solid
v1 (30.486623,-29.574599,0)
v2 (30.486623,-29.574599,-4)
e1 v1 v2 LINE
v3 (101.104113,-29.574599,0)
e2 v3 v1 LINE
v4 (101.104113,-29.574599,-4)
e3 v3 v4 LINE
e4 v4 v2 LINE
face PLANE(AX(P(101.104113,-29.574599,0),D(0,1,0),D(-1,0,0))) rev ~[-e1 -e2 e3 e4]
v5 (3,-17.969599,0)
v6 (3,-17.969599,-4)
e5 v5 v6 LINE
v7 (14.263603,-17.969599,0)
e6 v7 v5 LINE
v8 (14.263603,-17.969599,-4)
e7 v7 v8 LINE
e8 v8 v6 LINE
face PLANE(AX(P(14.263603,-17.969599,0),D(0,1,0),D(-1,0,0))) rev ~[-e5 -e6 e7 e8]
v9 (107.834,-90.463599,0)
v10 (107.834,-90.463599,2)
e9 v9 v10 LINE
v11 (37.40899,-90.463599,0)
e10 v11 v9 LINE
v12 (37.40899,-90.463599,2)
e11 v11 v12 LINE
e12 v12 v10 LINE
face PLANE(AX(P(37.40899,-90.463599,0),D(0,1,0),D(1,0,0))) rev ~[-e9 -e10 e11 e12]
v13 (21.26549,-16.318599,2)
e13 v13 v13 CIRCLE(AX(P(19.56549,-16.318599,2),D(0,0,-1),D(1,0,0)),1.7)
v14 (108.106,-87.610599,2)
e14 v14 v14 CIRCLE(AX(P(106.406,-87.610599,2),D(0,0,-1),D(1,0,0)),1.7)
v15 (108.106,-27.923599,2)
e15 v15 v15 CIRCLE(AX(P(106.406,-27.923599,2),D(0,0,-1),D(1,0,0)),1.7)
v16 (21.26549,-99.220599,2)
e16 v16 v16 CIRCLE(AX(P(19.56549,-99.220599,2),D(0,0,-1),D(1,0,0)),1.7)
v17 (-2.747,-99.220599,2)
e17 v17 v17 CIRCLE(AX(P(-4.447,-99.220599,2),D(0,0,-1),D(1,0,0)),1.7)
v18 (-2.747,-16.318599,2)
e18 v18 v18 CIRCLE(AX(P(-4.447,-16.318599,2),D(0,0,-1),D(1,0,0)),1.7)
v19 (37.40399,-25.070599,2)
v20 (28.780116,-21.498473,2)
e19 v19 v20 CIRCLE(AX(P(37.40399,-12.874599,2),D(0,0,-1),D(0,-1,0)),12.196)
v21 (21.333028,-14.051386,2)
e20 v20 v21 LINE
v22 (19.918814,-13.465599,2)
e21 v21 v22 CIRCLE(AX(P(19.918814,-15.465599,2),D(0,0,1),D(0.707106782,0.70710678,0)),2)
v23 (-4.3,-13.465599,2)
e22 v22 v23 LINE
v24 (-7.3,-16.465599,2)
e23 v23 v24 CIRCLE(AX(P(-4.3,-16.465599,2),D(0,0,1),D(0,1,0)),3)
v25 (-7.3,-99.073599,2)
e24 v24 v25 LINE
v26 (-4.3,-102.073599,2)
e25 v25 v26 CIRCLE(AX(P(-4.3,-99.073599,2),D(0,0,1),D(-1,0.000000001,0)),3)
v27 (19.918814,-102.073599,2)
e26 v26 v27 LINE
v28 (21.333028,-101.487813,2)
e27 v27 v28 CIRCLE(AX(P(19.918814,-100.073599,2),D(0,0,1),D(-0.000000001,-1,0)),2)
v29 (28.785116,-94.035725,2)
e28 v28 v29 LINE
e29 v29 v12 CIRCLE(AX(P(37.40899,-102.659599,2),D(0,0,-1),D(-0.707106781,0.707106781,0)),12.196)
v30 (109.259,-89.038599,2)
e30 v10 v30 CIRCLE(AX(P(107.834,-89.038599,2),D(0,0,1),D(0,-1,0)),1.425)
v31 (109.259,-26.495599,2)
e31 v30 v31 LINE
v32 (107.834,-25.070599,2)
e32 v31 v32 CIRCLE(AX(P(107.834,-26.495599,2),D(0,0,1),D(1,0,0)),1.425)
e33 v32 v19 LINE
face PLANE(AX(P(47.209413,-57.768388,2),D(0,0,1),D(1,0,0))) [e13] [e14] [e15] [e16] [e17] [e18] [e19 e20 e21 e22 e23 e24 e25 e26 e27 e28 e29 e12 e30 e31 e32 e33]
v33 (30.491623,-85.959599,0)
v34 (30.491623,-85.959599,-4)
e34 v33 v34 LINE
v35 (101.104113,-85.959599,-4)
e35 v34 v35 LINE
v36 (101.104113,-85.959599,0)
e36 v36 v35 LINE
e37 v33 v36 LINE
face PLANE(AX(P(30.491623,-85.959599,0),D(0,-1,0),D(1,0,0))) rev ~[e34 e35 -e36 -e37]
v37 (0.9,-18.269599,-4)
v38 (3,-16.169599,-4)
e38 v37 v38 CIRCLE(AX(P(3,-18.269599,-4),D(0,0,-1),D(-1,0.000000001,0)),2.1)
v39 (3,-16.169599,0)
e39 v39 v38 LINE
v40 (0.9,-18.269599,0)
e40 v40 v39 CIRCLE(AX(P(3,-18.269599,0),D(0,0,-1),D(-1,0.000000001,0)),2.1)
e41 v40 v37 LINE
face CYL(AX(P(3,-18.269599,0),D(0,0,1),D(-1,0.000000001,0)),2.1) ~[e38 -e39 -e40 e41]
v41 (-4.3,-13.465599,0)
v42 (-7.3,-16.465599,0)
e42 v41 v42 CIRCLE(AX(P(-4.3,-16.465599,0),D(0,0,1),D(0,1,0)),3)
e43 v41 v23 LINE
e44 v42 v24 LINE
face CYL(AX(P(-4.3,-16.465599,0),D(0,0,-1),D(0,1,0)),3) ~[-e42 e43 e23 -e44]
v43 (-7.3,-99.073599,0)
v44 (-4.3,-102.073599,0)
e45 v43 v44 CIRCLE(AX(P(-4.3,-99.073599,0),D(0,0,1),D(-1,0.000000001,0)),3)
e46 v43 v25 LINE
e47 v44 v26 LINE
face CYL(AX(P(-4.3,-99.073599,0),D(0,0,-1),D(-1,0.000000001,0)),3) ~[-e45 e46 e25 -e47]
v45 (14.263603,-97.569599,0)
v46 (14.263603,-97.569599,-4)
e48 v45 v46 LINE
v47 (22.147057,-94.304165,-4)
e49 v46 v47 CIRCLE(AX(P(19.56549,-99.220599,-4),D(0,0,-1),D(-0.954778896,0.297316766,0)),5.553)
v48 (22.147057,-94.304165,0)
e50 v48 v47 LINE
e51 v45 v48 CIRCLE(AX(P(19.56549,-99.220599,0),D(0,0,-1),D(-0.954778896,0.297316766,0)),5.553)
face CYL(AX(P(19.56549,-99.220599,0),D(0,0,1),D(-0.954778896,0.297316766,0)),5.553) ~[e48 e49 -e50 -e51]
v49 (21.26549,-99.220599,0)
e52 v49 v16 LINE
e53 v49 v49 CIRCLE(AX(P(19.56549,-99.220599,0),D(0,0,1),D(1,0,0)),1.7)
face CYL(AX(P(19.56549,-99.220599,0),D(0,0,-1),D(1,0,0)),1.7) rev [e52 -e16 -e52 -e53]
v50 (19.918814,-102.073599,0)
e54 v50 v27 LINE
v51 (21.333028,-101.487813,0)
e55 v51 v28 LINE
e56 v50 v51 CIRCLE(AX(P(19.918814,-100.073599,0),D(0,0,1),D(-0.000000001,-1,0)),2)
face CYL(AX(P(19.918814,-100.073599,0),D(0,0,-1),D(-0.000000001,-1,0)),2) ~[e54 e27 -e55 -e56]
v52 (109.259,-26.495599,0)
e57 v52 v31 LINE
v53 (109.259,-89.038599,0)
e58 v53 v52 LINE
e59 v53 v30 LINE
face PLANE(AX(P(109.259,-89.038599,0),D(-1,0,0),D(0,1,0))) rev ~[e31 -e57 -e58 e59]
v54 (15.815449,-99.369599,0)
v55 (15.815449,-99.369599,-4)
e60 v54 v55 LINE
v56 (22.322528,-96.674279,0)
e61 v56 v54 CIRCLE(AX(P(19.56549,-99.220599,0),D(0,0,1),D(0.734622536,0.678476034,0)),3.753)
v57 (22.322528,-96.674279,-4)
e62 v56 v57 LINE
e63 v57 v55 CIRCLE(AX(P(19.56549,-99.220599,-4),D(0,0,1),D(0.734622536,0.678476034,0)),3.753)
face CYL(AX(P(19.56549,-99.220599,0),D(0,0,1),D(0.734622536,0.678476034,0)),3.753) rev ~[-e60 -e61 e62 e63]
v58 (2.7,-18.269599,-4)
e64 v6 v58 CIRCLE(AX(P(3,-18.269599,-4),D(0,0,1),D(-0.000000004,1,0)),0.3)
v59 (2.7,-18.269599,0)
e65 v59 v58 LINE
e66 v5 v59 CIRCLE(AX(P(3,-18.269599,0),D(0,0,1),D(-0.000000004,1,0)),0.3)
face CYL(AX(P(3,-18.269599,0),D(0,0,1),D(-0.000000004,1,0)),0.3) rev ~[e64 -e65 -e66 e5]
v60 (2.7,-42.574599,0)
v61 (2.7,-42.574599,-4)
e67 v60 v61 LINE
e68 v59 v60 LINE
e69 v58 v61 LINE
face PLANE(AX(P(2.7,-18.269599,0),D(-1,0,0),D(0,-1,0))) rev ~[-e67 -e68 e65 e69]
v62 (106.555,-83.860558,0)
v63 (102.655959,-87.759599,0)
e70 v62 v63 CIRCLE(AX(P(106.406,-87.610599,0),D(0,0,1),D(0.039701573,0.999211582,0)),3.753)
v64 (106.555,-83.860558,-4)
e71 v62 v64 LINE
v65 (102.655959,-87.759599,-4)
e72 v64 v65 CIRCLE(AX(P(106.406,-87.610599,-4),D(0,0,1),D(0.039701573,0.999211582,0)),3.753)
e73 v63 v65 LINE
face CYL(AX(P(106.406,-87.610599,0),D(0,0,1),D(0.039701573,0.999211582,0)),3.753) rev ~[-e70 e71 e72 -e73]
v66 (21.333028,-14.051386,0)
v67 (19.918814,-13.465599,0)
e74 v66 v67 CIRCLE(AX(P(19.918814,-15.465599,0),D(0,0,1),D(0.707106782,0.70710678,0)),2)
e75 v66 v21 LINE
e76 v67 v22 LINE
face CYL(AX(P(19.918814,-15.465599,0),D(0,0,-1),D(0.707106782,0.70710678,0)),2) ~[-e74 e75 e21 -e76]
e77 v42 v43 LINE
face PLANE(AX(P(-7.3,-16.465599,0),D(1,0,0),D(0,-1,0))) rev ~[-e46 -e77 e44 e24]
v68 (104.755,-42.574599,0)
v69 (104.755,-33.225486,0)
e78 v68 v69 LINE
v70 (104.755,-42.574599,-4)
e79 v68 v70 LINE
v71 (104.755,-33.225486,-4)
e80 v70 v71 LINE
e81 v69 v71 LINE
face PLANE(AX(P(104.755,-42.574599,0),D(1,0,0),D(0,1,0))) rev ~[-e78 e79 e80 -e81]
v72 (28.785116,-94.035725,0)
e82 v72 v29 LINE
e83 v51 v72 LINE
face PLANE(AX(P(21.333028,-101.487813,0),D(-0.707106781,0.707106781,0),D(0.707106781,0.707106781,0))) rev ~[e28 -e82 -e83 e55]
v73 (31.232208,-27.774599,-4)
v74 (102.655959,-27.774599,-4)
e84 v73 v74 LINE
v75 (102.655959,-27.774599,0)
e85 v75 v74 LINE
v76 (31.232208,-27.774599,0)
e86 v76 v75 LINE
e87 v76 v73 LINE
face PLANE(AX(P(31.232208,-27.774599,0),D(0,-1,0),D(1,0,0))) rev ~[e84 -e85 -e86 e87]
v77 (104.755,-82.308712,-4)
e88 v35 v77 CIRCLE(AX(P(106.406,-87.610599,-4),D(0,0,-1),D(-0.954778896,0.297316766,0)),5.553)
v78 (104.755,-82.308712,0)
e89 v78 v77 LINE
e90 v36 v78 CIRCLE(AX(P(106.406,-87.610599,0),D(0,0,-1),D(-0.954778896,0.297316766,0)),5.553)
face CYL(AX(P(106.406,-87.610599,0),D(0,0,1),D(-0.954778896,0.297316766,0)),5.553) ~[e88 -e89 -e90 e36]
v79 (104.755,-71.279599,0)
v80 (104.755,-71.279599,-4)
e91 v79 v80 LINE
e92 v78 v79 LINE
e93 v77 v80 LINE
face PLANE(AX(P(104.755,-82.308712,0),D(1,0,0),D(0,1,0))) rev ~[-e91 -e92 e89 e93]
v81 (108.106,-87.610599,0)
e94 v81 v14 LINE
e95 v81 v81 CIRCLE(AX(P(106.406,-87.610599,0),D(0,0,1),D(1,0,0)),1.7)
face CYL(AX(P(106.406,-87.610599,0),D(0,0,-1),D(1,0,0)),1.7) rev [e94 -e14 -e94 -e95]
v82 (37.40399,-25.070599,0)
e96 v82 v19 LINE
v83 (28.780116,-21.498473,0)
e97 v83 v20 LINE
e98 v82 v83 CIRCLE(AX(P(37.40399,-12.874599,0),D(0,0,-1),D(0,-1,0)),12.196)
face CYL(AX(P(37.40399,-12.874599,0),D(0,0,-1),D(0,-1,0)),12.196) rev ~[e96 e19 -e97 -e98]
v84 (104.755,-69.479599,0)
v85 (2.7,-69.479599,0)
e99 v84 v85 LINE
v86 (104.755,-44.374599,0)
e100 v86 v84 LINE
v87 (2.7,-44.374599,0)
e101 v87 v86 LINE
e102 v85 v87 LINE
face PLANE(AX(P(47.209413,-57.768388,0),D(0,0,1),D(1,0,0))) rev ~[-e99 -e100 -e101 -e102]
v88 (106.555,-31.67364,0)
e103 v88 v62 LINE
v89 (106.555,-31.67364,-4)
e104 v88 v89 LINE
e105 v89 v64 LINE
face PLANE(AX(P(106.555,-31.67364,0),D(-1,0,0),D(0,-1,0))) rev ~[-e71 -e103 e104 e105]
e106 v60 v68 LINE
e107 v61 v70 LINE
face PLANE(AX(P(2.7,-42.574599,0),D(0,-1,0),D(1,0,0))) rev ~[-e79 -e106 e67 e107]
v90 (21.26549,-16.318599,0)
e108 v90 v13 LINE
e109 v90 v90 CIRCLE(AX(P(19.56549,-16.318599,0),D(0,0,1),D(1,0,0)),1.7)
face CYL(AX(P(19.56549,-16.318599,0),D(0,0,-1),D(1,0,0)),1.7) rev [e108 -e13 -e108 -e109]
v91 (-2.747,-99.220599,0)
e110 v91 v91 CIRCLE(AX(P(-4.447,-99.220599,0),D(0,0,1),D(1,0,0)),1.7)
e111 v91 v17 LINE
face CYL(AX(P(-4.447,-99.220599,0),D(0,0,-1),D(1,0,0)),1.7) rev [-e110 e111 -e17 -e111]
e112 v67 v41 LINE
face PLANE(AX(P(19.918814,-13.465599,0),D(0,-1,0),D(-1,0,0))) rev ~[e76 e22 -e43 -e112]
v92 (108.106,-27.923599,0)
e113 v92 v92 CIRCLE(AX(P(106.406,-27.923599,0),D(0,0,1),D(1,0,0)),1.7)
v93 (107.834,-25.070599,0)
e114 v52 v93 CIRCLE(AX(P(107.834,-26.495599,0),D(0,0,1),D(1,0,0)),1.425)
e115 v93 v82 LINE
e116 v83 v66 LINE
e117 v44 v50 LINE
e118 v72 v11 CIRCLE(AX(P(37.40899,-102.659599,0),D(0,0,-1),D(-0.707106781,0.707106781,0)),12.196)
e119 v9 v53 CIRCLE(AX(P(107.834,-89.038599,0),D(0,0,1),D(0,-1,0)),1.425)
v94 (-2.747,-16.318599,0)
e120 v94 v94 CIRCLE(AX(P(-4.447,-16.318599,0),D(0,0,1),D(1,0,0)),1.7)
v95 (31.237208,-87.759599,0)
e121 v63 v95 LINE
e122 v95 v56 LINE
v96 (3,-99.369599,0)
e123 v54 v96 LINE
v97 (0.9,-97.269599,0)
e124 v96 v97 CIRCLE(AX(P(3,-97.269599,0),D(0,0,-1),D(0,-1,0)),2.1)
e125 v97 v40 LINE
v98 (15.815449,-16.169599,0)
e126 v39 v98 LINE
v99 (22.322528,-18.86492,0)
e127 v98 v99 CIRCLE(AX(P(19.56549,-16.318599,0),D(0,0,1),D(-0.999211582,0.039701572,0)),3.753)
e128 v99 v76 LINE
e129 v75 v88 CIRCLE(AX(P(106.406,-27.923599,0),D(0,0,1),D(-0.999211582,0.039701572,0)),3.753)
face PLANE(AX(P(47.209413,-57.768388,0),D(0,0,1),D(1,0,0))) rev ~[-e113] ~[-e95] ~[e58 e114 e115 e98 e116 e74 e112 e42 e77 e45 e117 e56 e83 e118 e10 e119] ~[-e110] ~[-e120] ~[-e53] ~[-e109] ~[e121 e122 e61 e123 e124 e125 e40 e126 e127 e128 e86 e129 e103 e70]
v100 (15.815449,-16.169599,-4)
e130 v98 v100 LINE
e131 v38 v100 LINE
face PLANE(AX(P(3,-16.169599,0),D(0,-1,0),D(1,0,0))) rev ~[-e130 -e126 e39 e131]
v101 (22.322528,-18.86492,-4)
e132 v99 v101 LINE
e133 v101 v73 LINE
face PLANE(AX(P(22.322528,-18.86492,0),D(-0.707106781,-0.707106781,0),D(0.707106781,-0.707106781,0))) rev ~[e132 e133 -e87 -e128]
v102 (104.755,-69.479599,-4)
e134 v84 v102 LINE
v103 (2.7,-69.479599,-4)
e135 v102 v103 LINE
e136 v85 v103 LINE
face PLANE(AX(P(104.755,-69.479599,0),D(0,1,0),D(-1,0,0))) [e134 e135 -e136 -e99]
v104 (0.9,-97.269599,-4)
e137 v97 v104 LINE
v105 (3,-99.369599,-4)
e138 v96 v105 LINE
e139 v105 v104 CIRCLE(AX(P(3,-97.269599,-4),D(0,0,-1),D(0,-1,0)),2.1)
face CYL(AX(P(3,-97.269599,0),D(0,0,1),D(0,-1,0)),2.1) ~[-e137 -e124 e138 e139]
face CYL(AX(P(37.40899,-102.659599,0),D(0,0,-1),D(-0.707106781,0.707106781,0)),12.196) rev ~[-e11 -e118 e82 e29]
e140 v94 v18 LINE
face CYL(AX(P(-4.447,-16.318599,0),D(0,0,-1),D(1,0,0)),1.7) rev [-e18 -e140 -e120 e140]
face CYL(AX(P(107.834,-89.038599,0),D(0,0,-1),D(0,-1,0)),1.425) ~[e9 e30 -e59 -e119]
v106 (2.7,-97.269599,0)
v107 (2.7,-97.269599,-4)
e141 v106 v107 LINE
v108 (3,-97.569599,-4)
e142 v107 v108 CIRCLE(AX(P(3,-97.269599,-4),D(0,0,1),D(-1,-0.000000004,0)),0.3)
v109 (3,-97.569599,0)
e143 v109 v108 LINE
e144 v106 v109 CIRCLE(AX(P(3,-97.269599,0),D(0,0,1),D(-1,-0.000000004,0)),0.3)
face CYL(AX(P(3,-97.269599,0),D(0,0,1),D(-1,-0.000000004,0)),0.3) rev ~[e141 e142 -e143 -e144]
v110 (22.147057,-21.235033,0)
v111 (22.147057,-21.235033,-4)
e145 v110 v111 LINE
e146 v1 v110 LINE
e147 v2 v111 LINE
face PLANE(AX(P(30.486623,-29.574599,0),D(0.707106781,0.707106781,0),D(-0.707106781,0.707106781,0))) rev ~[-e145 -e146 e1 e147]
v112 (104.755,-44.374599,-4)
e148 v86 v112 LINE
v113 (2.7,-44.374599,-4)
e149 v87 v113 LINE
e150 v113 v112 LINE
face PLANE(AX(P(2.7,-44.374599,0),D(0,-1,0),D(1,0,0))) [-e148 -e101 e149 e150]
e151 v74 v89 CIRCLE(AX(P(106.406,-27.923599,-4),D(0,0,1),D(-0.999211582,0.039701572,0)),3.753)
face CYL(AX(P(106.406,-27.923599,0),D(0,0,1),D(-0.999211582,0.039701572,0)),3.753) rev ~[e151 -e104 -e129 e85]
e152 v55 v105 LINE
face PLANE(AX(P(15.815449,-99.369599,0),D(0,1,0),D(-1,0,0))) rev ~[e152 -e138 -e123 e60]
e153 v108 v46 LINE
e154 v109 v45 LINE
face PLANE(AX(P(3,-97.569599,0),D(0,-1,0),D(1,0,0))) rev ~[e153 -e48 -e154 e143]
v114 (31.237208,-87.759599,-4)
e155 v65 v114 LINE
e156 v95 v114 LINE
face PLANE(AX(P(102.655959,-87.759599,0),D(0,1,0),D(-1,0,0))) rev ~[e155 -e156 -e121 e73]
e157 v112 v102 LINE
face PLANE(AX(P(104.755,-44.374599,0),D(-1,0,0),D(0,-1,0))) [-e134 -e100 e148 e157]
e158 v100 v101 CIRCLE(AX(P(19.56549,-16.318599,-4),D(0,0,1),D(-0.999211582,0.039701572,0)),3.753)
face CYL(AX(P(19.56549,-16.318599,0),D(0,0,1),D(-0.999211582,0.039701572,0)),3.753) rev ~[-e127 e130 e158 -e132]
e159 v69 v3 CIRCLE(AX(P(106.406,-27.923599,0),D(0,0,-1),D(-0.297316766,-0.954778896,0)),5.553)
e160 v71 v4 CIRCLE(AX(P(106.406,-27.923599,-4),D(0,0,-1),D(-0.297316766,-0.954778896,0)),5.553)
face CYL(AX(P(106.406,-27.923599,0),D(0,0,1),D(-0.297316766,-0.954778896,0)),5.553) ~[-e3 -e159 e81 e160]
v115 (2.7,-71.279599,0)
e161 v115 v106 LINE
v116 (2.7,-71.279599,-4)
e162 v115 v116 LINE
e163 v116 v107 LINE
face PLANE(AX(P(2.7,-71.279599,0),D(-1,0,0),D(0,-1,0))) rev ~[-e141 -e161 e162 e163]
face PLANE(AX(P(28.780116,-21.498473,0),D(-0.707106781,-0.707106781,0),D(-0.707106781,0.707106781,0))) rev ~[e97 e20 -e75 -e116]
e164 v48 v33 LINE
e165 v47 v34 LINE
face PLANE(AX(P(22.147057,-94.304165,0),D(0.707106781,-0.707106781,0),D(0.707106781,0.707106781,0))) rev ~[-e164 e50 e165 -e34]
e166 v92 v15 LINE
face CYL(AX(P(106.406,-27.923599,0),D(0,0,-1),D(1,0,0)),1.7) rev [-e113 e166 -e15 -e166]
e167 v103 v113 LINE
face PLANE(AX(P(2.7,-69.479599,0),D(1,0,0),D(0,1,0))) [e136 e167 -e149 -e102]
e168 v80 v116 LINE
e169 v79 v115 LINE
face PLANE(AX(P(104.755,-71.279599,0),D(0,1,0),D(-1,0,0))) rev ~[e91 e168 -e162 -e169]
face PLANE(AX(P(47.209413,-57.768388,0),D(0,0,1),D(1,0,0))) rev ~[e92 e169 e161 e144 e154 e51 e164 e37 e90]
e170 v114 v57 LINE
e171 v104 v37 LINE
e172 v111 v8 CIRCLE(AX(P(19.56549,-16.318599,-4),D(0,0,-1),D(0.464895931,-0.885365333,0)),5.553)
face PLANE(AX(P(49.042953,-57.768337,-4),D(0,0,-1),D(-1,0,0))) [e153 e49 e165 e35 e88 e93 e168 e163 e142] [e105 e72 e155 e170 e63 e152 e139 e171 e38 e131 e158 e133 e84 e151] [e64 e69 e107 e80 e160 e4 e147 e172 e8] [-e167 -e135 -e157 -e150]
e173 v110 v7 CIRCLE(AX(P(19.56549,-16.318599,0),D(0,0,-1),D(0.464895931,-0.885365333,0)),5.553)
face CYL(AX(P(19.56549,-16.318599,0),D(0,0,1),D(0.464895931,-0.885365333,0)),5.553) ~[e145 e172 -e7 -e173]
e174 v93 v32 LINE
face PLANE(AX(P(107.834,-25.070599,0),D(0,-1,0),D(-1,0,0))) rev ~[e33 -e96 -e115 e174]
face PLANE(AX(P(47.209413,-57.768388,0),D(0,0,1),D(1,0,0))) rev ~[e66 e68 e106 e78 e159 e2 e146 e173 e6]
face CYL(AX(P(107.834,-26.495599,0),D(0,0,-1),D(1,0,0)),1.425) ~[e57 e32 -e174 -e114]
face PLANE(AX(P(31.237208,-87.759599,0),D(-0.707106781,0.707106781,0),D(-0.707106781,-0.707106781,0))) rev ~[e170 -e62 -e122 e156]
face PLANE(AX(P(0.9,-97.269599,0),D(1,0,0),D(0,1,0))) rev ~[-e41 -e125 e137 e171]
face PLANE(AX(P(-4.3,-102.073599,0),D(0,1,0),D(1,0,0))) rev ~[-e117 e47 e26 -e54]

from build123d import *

# Parameters (mm, degrees)
BOSS_EXTRUDE1_DEPTH = 2
BOSS_EXTRUDE2_DEPTH = 4
SKETCH1_4_R         = 1.7
CUT_EXTRUDE1_DEPTH  = 10


with BuildPart() as part:
    # Sketch1 → Boss-Extrude1 (new body)
    with BuildSketch(Plane.XY):
        with BuildLine():
            Line((28.78011557, -21.498473491), (21.333027704, -14.051385626))
            ThreePointArc((21.333027704, -14.051385626), (20.684181007, -13.617840123), (19.918814142, -13.465599188))
            Line((19.918814142, -13.465599188), (-4.3, -13.465599188))
            ThreePointArc((-4.3, -13.465599188), (-6.421320344, -14.344278845), (-7.3, -16.465599188))
            Line((-7.3, -16.465599188), (-7.3, -99.073599188))
            ThreePointArc((-7.3, -99.073599188), (-6.421320344, -101.194919532), (-4.3, -102.073599188))
            Line((-4.3, -102.073599188), (19.918814142, -102.073599188))
            ThreePointArc((19.918814142, -102.073599188), (20.684181007, -101.921358253), (21.333027704, -101.48781275))
            Line((21.333027704, -101.48781275), (28.78511557, -94.035724885))
            ThreePointArc((28.78511557, -94.035724885), (32.741782732, -91.39196441), (37.408989873, -90.463599188))
            Line((37.408989873, -90.463599188), (107.834, -90.463599188))
            ThreePointArc((107.834, -90.463599188), (108.841627163, -90.046226351), (109.259, -89.038599188))
            Line((109.259, -89.038599188), (109.259, -26.495599188))
            ThreePointArc((109.259, -26.495599188), (108.841627163, -25.487972025), (107.834, -25.070599188))
            Line((107.834, -25.070599188), (37.403989873, -25.070599188))
            ThreePointArc((37.403989873, -25.070599188), (32.736782732, -24.142233967), (28.78011557, -21.498473491))
        make_face()
    extrude(amount=BOSS_EXTRUDE1_DEPTH)

    # Sketch1<3> → Boss-Extrude2 (add)
    with BuildSketch(Plane.XY):
        with BuildLine():
            Line((3, -16.169599188), (15.815448907, -16.169599188))
            ThreePointArc((15.815448907, -16.169599188), (18.129279051, -19.785919074), (22.322528351, -18.864919746))
            Line((22.322528351, -18.864919746), (31.232207794, -27.774599188))
            Line((31.232207794, -27.774599188), (102.655958934, -27.774599188))
            ThreePointArc((102.655958934, -27.774599188), (103.75222825, -30.577370938), (106.555, -31.673640255))
            Line((106.555, -31.673640255), (106.555, -83.860558122))
            ThreePointArc((106.555, -83.860558122), (103.75222825, -84.956827438), (102.655958934, -87.759599188))
            Line((102.655958934, -87.759599188), (31.237207794, -87.759599188))
            Line((31.237207794, -87.759599188), (22.322528351, -96.674278631))
            ThreePointArc((22.322528351, -96.674278631), (18.129279051, -95.753279303), (15.815448907, -99.369599188))
            Line((15.815448907, -99.369599188), (3, -99.369599188))
            ThreePointArc((3, -99.369599188), (1.51507576, -98.754523429), (0.9, -97.269599188))
            Line((0.9, -97.269599188), (0.9, -18.269599188))
            ThreePointArc((0.9, -18.269599188), (1.51507576, -16.784674948), (3, -16.169599188))
        make_face()
        with BuildLine():
            ThreePointArc((3, -17.969599188), (2.787867966, -18.057467154), (2.7, -18.269599188))
            Line((2.7, -18.269599188), (2.7, -42.574599188))
            Line((2.7, -42.574599188), (22, -42.574599188))
            Line((22, -42.574599188), (90.115, -42.574599188))
            Line((90.115, -42.574599188), (104.755, -42.574599188))
            Line((104.755, -42.574599188), (104.755, -33.225486399))
            ThreePointArc((104.755, -33.225486399), (102.479436044, -31.850163144), (101.104112789, -29.574599188))
            Line((101.104112789, -29.574599188), (30.486623382, -29.574599188))
            Line((30.486623382, -29.574599188), (22.147057077, -21.235032884))
            ThreePointArc((22.147057077, -21.235032884), (17.440448873, -21.448902232), (14.263602762, -17.969599188))
            Line((14.263602762, -17.969599188), (3, -17.969599188))
        make_face(mode=Mode.SUBTRACT)
        with BuildLine():
            ThreePointArc((2.7, -97.269599188), (2.787867966, -97.481731222), (3, -97.569599188))
            Line((3, -97.569599188), (14.263602762, -97.569599188))
            ThreePointArc((14.263602762, -97.569599188), (17.440448873, -94.090296144), (22.147057077, -94.304165492))
            Line((22.147057077, -94.304165492), (30.491623382, -85.959599188))
            Line((30.491623382, -85.959599188), (101.104112789, -85.959599188))
            ThreePointArc((101.104112789, -85.959599188), (102.479436044, -83.684035232), (104.755, -82.308711977))
            Line((104.755, -82.308711977), (104.755, -71.279599188))
            Line((104.755, -71.279599188), (90.115, -71.279599188))
            Line((90.115, -71.279599188), (22, -71.279599188))
            Line((22, -71.279599188), (2.7, -71.279599188))
            Line((2.7, -71.279599188), (2.7, -97.269599188))
        make_face(mode=Mode.SUBTRACT)
        Polygon((22, -69.479599188), (2.7, -69.479599188), (2.7, -44.374599188), (22, -44.374599188), (90.115, -44.374599188), (104.755, -44.374599188), (104.755, -69.479599188), (90.115, -69.479599188), align=None, mode=Mode.SUBTRACT)
    extrude(amount=-BOSS_EXTRUDE2_DEPTH)

    # Sketch1<4> → Cut-Extrude1 (cut)
    with BuildSketch(Plane.XY):
        with Locations((106.406, -27.923599188)):
            Circle(SKETCH1_4_R)
        with Locations((106.406, -87.610599188)):
            Circle(SKETCH1_4_R)
        with Locations((19.565489973, -99.220599188)):
            Circle(SKETCH1_4_R)
        with Locations((-4.447, -99.220599188)):
            Circle(SKETCH1_4_R)
        with Locations((-4.447, -16.318599188)):
            Circle(SKETCH1_4_R)
        with Locations((19.565489973, -16.318599188)):
            Circle(SKETCH1_4_R)
    extrude(amount=CUT_EXTRUDE1_DEPTH, mode=Mode.SUBTRACT)


solid = part.part
